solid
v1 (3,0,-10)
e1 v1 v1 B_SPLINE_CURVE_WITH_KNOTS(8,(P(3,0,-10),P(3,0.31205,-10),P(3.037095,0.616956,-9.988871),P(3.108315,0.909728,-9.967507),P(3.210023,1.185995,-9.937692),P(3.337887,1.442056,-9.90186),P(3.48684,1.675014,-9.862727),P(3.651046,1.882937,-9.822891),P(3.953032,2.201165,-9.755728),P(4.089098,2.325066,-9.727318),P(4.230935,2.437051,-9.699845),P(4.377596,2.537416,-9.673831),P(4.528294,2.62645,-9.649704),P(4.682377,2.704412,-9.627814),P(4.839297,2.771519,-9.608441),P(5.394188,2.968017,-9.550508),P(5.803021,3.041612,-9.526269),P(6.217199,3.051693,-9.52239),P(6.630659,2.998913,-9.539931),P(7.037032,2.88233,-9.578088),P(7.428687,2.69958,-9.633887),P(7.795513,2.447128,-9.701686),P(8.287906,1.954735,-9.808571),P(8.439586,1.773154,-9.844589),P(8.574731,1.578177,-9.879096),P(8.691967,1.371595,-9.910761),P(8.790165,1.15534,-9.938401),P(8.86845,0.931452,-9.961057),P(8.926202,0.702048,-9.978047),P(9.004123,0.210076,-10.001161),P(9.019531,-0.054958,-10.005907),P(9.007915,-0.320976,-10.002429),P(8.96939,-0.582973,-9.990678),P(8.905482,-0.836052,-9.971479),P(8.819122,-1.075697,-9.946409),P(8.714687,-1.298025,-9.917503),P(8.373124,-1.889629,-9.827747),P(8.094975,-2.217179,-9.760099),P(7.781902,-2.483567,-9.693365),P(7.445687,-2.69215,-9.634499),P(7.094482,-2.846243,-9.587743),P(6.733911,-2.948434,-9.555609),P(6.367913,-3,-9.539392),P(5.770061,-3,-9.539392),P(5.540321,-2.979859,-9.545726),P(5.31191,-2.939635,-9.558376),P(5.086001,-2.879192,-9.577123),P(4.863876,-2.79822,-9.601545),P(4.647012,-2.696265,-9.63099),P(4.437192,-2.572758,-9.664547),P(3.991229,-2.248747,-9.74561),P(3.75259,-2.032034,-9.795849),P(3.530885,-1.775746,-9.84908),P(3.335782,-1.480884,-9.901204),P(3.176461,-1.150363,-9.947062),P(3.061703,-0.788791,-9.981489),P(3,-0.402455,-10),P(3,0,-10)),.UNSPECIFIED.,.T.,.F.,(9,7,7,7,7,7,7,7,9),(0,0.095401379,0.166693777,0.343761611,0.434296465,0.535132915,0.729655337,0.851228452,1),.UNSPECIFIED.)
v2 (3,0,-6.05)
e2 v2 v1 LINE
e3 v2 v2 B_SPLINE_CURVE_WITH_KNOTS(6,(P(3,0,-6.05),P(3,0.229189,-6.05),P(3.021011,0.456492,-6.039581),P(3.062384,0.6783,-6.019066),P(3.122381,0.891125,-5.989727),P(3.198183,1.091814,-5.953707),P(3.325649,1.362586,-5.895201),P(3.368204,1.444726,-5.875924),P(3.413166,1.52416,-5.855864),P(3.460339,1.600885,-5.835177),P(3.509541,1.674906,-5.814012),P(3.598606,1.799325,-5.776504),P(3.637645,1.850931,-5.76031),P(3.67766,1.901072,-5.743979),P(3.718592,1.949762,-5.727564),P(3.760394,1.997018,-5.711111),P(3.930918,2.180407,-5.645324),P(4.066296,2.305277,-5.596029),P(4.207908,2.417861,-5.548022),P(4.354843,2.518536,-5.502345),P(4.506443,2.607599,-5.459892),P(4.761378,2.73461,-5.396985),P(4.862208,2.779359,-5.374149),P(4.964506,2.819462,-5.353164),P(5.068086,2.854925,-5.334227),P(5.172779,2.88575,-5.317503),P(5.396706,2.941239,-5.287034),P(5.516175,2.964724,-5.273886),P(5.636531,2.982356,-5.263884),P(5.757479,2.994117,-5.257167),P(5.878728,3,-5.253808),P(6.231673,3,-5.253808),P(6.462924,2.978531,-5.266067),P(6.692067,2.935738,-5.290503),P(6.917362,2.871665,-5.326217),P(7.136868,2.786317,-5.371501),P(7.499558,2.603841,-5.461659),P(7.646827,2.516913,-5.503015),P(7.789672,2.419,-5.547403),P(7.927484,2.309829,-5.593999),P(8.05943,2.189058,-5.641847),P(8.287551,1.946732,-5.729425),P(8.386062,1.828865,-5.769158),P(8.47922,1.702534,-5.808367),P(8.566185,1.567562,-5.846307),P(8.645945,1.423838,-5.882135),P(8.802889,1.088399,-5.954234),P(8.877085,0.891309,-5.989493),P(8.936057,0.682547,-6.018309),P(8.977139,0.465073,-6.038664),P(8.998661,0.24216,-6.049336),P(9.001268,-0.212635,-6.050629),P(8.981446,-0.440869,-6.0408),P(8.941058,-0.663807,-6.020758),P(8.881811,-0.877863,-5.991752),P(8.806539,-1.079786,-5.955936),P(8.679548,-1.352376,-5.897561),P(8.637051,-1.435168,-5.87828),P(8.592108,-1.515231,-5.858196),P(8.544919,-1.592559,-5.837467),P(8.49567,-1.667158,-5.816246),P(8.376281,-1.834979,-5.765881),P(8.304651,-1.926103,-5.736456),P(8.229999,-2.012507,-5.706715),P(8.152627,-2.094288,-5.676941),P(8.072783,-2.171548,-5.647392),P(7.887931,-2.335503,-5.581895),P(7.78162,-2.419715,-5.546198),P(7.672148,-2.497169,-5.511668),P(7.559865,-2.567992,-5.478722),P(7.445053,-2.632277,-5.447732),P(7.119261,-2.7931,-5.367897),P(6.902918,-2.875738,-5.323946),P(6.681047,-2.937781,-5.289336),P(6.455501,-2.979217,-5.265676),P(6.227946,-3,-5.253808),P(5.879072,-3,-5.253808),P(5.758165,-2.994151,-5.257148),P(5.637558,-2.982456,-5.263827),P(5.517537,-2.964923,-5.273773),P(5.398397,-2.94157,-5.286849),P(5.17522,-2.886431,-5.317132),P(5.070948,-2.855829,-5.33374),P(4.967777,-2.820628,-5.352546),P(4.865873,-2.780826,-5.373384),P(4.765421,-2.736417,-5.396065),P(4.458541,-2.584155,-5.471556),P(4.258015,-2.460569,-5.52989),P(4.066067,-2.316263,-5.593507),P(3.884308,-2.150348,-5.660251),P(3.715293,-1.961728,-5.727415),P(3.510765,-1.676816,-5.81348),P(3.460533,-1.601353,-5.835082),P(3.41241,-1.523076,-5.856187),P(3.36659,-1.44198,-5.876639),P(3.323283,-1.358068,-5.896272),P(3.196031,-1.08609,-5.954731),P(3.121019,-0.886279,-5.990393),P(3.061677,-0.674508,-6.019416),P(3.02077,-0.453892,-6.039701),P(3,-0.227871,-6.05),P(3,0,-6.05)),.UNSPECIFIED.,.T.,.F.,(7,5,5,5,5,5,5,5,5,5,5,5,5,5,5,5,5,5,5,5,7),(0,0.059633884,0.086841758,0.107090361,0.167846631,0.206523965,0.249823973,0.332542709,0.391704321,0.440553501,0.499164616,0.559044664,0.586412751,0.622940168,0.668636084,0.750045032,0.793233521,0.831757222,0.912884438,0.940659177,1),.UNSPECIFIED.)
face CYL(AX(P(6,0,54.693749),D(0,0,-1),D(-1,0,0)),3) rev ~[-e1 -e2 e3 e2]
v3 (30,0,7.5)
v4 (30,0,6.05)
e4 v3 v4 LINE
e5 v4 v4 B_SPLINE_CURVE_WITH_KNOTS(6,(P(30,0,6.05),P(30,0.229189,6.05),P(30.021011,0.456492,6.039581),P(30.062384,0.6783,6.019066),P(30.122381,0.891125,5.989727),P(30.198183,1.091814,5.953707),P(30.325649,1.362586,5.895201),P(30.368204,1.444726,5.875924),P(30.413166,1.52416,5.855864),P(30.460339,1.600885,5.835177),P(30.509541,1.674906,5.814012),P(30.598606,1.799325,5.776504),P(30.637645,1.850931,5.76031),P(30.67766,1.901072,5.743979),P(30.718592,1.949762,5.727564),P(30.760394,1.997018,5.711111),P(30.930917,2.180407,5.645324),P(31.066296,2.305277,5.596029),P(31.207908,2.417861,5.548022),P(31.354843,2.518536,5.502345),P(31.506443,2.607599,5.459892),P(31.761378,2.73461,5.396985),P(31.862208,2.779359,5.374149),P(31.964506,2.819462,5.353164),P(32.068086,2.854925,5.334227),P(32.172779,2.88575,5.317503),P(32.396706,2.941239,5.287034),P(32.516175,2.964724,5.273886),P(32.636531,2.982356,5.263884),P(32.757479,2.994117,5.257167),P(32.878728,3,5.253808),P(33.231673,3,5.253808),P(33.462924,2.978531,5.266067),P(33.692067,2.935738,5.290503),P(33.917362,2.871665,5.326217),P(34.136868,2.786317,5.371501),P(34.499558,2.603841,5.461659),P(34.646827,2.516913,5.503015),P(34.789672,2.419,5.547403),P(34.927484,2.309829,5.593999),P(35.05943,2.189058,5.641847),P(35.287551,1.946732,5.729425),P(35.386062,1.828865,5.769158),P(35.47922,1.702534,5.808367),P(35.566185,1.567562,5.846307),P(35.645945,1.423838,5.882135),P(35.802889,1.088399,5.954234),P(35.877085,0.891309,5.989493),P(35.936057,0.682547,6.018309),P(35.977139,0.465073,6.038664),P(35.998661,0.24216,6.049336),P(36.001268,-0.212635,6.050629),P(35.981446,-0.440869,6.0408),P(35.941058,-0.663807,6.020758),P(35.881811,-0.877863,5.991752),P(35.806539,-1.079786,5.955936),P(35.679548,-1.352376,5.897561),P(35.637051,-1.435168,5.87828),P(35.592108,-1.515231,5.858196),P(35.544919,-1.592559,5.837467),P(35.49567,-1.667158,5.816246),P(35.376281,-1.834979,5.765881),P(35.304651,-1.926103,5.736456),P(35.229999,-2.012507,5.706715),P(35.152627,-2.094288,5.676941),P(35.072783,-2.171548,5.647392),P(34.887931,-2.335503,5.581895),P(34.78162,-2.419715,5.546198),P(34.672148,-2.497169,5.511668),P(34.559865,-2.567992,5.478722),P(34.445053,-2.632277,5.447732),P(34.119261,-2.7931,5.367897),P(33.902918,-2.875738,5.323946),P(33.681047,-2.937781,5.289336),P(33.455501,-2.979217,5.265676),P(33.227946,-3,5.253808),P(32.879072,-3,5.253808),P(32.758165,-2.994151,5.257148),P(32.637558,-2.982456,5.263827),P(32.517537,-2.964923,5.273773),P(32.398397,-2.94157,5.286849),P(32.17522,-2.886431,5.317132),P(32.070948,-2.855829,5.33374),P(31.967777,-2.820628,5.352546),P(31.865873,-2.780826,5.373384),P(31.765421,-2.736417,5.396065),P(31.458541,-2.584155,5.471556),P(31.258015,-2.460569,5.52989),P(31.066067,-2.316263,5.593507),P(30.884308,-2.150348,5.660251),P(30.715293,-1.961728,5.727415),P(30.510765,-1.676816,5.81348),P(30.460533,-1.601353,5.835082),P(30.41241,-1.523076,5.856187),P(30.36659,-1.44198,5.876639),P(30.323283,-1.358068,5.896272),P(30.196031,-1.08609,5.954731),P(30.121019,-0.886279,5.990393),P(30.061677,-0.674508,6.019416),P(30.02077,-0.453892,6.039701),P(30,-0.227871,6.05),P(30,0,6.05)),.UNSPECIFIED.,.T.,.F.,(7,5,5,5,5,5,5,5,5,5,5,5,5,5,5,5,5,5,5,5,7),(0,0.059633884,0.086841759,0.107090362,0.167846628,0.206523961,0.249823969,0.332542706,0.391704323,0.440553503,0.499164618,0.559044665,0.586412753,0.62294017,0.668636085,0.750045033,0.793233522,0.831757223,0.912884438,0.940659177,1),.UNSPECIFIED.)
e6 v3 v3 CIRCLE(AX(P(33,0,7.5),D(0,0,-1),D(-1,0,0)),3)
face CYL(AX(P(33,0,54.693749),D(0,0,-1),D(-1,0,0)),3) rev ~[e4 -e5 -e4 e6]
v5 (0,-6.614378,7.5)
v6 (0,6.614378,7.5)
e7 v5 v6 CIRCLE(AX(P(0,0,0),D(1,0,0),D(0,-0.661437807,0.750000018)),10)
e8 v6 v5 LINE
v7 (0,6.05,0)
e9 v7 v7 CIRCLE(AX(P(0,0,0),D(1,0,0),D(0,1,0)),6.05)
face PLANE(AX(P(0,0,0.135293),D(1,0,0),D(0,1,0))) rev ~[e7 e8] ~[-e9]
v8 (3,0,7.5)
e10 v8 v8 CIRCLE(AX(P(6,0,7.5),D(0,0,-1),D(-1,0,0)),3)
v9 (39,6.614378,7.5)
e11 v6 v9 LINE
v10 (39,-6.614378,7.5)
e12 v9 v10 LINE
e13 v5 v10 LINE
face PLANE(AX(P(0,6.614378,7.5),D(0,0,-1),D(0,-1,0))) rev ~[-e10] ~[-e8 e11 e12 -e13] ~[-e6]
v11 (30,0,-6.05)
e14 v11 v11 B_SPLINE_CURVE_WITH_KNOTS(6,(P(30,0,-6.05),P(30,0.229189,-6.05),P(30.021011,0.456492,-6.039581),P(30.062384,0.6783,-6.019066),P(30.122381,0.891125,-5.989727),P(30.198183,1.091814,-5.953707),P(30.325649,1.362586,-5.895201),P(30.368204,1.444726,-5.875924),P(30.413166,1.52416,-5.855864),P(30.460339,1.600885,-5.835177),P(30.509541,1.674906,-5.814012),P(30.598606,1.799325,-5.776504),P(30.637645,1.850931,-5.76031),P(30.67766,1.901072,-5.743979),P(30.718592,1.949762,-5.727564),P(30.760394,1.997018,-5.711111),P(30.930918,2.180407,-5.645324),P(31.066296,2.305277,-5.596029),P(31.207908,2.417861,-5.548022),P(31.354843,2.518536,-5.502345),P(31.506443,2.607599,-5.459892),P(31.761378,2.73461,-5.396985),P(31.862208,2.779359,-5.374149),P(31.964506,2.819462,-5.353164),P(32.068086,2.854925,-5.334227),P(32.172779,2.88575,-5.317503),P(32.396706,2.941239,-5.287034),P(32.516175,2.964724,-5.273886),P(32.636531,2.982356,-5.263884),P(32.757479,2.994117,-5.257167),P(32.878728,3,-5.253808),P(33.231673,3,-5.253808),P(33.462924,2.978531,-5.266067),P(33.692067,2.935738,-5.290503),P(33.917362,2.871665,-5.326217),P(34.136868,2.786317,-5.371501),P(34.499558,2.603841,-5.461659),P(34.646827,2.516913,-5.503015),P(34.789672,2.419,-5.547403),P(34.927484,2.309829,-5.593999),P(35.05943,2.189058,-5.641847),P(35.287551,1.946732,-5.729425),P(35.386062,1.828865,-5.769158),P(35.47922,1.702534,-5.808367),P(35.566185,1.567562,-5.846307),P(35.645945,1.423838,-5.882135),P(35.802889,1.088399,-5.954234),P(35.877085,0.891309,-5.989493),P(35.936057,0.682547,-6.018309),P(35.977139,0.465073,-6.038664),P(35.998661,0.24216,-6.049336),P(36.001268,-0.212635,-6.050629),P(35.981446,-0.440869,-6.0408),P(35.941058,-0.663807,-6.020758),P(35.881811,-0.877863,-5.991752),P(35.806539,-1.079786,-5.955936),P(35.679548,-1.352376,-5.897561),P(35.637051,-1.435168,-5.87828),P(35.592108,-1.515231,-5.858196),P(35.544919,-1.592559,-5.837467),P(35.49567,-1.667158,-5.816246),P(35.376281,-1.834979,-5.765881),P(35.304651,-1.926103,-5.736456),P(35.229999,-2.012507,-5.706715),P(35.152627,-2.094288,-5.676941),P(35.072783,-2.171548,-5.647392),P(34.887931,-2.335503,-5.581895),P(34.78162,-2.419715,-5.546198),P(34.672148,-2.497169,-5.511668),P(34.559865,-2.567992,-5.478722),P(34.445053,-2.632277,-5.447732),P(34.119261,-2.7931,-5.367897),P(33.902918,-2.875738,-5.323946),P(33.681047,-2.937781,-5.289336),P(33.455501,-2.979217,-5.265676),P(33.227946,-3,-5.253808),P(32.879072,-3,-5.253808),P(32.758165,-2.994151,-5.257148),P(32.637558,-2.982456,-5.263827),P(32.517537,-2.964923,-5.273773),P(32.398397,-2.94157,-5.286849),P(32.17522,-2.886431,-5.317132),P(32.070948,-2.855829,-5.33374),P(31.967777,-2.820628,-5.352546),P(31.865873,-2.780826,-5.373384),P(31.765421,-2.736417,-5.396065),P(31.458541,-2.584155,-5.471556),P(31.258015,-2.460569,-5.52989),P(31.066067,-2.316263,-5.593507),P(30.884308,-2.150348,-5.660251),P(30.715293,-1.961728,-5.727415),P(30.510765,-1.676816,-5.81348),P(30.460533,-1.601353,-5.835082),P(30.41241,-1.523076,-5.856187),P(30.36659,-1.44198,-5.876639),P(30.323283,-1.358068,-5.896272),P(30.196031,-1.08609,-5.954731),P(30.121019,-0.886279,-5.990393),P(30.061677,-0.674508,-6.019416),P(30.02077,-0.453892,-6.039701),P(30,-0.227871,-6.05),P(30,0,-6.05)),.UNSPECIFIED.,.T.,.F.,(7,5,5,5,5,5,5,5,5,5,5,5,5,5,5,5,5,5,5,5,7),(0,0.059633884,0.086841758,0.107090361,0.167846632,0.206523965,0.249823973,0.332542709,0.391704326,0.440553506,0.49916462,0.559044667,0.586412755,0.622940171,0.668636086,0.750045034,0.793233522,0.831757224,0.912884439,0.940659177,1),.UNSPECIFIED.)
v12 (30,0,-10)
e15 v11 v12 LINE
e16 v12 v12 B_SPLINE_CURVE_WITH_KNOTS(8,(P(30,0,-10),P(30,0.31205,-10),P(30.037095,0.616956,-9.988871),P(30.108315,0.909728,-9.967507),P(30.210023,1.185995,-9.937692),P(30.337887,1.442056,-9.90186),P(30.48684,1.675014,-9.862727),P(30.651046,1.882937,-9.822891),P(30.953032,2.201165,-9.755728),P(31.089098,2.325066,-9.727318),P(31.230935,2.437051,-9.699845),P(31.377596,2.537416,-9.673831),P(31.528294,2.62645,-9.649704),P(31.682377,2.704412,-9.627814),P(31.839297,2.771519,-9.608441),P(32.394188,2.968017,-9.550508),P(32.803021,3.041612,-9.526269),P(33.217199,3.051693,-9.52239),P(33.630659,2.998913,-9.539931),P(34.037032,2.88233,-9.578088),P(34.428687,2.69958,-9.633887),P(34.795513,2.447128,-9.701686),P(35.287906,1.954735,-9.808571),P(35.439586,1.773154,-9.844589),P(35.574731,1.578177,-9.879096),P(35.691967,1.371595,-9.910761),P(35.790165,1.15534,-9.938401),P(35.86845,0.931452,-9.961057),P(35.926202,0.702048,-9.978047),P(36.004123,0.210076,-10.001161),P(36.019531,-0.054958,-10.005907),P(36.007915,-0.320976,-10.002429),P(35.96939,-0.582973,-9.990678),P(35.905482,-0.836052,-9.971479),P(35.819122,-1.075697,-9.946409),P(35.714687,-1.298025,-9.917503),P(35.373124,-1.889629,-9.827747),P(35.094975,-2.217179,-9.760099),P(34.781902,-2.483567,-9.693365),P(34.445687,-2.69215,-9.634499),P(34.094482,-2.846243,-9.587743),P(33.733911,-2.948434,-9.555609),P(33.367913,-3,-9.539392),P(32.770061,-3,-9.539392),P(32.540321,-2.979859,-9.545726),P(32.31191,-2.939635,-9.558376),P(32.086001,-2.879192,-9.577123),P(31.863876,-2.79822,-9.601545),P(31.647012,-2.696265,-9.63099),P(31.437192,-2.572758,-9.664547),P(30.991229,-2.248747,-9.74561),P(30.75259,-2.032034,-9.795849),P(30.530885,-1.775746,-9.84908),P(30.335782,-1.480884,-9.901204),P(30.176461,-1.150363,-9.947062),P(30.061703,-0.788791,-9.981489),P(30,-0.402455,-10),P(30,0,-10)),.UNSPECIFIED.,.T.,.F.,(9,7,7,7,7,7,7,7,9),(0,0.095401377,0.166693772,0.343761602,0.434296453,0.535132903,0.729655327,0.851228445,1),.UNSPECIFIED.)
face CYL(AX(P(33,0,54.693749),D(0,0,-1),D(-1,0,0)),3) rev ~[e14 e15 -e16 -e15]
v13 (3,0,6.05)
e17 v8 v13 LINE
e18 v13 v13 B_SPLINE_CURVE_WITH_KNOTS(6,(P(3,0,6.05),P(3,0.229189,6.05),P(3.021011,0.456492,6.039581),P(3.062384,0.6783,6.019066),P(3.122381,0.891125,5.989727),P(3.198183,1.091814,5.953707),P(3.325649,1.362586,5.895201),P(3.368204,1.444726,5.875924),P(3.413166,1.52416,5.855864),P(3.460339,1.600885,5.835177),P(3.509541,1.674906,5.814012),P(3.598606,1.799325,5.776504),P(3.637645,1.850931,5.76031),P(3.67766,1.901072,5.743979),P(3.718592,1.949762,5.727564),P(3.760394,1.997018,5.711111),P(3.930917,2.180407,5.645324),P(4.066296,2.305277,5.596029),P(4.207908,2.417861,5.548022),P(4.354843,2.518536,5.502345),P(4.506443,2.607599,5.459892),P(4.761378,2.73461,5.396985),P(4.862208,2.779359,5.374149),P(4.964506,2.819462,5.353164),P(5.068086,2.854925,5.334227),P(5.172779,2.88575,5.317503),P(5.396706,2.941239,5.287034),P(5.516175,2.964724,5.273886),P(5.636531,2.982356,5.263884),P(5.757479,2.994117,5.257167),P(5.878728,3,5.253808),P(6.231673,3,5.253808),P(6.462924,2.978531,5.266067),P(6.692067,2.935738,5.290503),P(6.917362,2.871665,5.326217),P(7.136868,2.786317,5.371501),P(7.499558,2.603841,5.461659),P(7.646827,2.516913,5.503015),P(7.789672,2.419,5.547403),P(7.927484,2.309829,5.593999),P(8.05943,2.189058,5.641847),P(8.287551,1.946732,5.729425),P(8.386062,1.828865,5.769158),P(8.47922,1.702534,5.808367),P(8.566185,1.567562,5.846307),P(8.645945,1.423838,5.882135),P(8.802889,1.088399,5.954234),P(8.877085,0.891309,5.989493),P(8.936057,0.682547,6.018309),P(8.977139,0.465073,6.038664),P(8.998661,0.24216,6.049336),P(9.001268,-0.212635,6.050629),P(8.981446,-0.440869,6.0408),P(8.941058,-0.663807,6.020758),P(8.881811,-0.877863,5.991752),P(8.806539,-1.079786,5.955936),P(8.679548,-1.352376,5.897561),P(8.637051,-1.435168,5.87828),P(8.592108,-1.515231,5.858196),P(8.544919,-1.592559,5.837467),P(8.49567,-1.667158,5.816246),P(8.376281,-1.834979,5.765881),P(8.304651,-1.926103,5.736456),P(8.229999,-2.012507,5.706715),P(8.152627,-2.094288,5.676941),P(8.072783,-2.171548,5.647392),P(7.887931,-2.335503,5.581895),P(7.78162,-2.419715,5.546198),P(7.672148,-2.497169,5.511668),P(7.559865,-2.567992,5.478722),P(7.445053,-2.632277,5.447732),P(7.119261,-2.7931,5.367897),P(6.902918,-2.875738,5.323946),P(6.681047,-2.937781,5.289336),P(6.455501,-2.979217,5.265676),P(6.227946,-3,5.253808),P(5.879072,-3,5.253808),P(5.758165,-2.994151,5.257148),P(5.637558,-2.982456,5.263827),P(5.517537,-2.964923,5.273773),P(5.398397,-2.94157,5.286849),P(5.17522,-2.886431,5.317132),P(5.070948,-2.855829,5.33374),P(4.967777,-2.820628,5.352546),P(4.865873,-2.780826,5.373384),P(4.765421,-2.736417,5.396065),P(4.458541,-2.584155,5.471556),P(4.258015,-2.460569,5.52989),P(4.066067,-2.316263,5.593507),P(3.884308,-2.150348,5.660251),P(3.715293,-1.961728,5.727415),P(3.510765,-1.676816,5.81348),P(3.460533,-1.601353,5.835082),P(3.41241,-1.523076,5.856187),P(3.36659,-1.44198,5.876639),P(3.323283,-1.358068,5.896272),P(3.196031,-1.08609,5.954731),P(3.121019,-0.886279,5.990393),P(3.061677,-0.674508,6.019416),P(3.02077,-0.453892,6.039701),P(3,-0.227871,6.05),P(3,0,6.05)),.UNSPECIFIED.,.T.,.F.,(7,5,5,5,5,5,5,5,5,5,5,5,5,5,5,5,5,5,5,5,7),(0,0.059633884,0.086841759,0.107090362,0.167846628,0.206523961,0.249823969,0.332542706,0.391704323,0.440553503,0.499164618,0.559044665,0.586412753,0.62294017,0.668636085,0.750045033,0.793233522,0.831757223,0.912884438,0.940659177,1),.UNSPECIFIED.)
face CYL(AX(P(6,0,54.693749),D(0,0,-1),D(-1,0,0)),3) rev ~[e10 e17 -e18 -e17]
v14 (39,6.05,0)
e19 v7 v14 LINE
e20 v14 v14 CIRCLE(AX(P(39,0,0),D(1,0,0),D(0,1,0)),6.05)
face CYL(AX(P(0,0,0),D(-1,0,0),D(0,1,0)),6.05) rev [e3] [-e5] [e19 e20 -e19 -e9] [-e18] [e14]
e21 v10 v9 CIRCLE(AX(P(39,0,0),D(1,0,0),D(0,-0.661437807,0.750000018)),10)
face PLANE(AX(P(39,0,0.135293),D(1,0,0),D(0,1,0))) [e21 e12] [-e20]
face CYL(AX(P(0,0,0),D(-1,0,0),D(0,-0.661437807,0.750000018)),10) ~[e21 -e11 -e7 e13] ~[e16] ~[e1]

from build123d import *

# Parameters (mm, degrees)
F0_R     = 6.05
F1_DEPTH = 39
F3_D     = 6


with BuildPart() as f1:
    # F0 (on Right) → F1 (new body)
    with BuildSketch(Plane.YZ):
        with BuildLine():
            Line((6.614378, 7.5), (-6.614378, 7.5))
            ThreePointArc((-6.614378, 7.5), (0, -10), (6.614378, 7.5))
        make_face()
        Circle(F0_R, mode=Mode.SUBTRACT)
    extrude(amount=F1_DEPTH)

    # F3 (through all)
    with Locations(Plane.XY.offset(7.5)):
        with Locations((6, 0), (33, 0)):
            Hole(F3_D / 2)


solid = f1.part
